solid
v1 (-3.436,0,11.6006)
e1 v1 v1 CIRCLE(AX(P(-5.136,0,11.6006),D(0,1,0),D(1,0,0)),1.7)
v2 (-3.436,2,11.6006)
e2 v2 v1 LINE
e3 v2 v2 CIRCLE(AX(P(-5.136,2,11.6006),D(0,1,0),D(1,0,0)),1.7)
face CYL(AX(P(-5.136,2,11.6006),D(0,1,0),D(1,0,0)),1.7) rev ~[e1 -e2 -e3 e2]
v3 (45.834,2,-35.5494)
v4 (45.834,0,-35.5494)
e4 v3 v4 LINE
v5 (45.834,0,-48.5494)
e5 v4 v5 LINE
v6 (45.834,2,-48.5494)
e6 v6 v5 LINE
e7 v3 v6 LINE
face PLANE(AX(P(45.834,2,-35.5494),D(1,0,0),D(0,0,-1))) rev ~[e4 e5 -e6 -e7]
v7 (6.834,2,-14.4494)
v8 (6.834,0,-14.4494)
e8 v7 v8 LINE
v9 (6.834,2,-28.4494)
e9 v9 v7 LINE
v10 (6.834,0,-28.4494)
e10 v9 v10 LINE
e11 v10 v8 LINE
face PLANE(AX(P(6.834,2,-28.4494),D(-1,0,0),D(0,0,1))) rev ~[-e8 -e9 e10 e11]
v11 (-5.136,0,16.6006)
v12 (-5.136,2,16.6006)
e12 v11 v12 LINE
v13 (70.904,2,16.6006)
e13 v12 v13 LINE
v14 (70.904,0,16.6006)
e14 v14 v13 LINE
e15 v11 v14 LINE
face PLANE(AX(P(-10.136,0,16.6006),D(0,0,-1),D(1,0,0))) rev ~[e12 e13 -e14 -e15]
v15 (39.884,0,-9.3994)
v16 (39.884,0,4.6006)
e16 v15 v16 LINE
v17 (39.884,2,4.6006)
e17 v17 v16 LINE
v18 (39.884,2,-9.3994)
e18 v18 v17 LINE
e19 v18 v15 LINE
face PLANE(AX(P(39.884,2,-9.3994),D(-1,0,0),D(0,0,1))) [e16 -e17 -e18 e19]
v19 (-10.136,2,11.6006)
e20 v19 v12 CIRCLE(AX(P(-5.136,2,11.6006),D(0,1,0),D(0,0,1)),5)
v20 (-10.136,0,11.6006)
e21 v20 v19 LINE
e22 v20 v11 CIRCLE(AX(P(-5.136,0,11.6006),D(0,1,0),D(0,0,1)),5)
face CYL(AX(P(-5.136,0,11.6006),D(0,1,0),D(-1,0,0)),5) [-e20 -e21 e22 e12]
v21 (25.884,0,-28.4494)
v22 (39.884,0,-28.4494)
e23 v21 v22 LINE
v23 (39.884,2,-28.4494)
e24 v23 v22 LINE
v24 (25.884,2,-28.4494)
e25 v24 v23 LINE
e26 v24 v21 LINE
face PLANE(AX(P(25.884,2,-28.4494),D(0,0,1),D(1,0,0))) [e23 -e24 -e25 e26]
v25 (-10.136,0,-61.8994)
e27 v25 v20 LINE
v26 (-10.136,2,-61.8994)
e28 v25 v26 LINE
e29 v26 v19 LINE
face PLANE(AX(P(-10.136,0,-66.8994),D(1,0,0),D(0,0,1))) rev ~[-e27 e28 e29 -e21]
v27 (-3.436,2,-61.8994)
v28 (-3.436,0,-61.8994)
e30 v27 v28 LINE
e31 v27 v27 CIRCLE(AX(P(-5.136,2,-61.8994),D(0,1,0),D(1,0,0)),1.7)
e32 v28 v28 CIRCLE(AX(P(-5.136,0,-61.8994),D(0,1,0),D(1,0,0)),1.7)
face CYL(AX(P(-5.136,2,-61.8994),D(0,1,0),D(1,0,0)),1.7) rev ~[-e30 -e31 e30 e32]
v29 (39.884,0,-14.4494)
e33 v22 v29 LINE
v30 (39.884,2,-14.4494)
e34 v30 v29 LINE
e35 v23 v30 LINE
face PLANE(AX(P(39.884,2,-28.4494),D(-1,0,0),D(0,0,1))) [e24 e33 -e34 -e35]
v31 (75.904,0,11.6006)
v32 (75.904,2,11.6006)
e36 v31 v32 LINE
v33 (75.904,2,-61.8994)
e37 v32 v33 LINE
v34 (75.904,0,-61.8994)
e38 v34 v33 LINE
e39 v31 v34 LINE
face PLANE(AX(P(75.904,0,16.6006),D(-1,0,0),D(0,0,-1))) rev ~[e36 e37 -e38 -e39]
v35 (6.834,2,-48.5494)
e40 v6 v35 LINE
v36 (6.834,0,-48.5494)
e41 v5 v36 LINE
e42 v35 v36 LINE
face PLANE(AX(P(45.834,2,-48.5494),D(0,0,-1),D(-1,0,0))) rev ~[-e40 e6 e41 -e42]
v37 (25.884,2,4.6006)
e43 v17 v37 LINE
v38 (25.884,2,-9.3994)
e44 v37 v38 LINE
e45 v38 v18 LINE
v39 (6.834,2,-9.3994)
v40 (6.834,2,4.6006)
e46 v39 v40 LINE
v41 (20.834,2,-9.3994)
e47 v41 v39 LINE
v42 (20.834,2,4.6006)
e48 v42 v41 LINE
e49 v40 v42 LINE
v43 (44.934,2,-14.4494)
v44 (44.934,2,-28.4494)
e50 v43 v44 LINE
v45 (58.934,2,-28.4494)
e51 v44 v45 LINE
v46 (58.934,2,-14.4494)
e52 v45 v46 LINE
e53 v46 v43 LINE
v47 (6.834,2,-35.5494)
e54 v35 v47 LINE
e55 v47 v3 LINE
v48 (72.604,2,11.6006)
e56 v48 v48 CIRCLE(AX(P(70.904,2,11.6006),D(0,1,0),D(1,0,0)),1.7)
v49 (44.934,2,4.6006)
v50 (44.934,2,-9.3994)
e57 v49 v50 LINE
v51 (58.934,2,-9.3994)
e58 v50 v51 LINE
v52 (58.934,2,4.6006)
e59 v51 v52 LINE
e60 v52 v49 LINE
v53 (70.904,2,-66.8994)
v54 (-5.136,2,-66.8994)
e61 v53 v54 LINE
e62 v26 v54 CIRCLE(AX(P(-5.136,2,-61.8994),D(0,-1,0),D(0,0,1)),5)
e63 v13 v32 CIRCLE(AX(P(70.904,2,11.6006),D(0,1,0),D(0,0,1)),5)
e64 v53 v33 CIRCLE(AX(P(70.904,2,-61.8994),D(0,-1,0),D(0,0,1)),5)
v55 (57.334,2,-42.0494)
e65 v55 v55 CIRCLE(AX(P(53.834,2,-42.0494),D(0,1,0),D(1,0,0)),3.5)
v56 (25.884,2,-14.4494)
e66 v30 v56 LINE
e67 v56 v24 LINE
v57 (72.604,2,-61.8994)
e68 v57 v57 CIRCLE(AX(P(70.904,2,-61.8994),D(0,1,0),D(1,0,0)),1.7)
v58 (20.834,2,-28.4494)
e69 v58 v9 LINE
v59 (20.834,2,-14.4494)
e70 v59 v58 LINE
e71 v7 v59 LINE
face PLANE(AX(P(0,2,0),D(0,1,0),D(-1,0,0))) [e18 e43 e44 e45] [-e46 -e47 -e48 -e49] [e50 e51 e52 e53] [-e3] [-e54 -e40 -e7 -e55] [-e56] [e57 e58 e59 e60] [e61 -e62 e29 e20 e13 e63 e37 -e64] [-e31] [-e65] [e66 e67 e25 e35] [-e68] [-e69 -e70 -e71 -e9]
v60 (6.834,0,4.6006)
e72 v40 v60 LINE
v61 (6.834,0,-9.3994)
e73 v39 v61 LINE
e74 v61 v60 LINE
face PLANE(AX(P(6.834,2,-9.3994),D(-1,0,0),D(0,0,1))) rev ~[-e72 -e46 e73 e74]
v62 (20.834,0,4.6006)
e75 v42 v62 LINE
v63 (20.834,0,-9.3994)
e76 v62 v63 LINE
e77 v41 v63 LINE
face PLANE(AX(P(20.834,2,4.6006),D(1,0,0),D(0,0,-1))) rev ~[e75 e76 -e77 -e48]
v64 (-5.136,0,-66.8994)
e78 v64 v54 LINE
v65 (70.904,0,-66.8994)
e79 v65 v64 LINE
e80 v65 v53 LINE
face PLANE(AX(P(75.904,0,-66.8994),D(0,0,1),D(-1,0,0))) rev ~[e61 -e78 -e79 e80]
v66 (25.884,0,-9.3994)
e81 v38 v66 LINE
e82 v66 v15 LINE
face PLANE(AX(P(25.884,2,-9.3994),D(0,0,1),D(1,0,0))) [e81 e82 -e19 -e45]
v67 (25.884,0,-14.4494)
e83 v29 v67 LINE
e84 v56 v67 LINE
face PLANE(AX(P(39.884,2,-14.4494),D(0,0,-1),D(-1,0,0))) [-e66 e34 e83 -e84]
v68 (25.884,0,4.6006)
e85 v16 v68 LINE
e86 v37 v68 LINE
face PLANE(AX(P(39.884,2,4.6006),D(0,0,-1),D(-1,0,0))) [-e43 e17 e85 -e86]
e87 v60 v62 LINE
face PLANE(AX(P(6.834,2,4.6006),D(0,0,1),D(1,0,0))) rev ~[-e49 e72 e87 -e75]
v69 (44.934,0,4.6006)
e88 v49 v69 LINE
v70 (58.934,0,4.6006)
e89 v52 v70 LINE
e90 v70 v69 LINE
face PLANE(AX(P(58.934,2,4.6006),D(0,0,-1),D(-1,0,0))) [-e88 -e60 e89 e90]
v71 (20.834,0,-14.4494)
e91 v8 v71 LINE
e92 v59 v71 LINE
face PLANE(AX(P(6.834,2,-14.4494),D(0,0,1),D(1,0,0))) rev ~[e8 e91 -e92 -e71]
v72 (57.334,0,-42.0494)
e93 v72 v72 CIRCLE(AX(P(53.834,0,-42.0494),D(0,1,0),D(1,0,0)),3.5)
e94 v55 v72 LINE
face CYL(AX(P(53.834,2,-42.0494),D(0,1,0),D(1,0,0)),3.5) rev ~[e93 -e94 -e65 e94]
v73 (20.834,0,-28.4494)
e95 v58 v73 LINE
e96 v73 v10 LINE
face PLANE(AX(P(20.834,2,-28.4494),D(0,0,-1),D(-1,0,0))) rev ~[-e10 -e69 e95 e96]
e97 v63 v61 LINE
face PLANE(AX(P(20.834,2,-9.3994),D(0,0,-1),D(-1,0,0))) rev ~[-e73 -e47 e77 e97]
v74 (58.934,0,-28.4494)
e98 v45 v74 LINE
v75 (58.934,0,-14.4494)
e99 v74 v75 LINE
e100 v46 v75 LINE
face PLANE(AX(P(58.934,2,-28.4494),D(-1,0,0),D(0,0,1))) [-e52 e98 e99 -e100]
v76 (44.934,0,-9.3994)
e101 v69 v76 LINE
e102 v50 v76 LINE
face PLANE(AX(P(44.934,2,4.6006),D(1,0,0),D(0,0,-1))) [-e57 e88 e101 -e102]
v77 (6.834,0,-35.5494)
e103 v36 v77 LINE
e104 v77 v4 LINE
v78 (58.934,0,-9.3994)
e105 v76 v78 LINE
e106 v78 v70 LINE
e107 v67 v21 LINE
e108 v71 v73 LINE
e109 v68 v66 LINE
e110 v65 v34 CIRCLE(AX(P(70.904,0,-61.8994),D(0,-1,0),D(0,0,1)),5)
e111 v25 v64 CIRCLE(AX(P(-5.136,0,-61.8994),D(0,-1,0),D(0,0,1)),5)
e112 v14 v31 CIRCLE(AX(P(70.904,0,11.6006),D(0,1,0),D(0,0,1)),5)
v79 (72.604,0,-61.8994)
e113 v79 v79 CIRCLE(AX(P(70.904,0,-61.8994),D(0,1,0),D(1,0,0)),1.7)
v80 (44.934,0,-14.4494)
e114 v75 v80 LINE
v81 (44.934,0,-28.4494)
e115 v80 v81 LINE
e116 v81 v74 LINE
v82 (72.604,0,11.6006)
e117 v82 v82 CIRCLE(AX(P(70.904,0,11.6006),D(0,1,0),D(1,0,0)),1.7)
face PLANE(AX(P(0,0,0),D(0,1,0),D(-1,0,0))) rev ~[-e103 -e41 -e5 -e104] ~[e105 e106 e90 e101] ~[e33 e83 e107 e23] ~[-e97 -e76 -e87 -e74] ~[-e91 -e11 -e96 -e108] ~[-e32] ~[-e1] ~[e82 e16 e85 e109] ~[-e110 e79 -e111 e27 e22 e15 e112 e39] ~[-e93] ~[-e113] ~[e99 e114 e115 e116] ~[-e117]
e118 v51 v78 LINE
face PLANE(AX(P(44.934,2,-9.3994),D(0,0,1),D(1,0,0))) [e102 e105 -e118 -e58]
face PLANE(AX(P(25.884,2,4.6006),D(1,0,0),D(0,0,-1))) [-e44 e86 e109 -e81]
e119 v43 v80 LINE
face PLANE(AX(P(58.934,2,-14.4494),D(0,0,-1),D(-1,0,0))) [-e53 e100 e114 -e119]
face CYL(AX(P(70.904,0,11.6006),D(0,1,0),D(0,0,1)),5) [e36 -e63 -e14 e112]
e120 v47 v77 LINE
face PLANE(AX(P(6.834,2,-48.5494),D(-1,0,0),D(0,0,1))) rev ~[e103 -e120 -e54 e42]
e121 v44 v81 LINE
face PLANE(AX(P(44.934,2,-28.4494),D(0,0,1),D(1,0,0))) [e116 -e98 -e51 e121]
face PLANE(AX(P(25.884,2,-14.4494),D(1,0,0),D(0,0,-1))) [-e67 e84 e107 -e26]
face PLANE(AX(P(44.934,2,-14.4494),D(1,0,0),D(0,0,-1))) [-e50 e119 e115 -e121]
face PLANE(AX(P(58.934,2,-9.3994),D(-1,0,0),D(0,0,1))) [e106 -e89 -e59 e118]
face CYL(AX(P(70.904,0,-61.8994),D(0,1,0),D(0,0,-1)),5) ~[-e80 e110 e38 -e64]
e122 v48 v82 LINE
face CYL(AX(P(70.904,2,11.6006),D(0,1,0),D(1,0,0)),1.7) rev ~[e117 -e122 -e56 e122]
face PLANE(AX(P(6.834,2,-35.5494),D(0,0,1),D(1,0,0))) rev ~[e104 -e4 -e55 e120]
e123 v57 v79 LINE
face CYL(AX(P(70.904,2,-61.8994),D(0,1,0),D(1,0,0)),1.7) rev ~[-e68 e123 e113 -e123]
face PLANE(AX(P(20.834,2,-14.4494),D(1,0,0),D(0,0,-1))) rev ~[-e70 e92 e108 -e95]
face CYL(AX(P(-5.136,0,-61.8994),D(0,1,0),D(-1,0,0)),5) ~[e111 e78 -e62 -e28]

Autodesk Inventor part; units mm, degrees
ref_plane "YZ Plane" through (0, 0, 0) normal (1, 0, 0) x (0, 1, 0)
ref_plane "XZ Plane" through (0, 0, 0) normal (0, 1, 0) x (-1, 0, 0)
ref_plane "XY Plane" through (0, 0, 0) normal (0, 0, 1) x (1, 0, 0)
sketch "Sketch1" plane through (0, 0, 0) normal (0, 1, 0) x (-1, 0, 0)
  line L0 (10.136, 16.6006) -> (-75.904, 16.6006)
  line L1 (-75.904, 16.6006) -> (-75.904, -66.8994)
  line L2 (-75.904, -66.8994) -> (10.136, -66.8994)
  line L3 (10.136, -66.8994) -> (10.136, 16.6006)
  point P0 (0, 0)
  dimension "d0" = 86.04
  dimension "d1" = 83.5
extrude "Extrusion1" add sketch "Sketch1" along normal blind 2
sketch "Sketch2" plane through (0, 2, 0) normal (0, 1, 0) x (1, 0, 0)
  circle A0 centre (-5.136, -11.6006) radius 1.7
  line L0 (-10.136, 66.8994) -> (-10.136, -16.6006) projected
  line L1 (-10.136, -16.6006) -> (75.904, -16.6006) projected
  circle A1 centre (70.904, -11.6006) radius 1.7
  line L2 (75.904, -16.6006) -> (75.904, 66.8994) projected
  circle A2 centre (70.904, 61.8994) radius 1.7
  line L3 (75.904, 66.8994) -> (-10.136, 66.8994) projected
  circle A3 centre (-5.136, 61.8994) radius 1.7
  point P0 (0, 0)
  dimension "d4" = 3.4
  dimension "d5" = 5
  dimension "d6" = 5
  dimension "d7" = 3.4
  dimension "d8" = 5
  dimension "d9" = 5
  dimension "d10" = 3.4
  dimension "d11" = 5
  dimension "d12" = 5
  dimension "d13" = 3.4
  dimension "d14" = 5
  dimension "d15" = 5
extrude "Extrusion2" cut sketch "Sketch2" against normal blind 2 contours A0 | A1 | A2 | A3
sketch "Sketch3" plane through (0, 2, 0) normal (0, 1, 0) x (1, 0, 0)
  line L0 (6.834, -4.6006) -> (20.834, -4.6006)
  line L1 (20.834, -4.6006) -> (20.834, 9.3994)
  line L2 (20.834, 9.3994) -> (6.834, 9.3994)
  line L3 (6.834, 9.3994) -> (6.834, -4.6006)
  line L4 (25.884, 9.3994) -> (39.884, 9.3994)
  line L5 (39.884, 9.3994) -> (39.884, -4.6006)
  line L6 (39.884, -4.6006) -> (25.884, -4.6006)
  line L7 (25.884, -4.6006) -> (25.884, 9.3994)
  line L8 (44.934, 9.3994) -> (58.934, 9.3994)
  line L9 (58.934, 9.3994) -> (58.934, -4.6006)
  line L10 (58.934, -4.6006) -> (44.934, -4.6006)
  line L11 (44.934, -4.6006) -> (44.934, 9.3994)
  line L12 (6.834, 14.4494) -> (20.834, 14.4494)
  line L13 (20.834, 14.4494) -> (20.834, 28.4494)
  line L14 (20.834, 28.4494) -> (6.834, 28.4494)
  line L15 (6.834, 28.4494) -> (6.834, 14.4494)
  line L16 (25.884, 28.4494) -> (39.884, 28.4494)
  line L17 (39.884, 28.4494) -> (39.884, 14.4494)
  line L18 (39.884, 14.4494) -> (25.884, 14.4494)
  line L19 (25.884, 14.4494) -> (25.884, 28.4494)
  line L20 (44.934, 28.4494) -> (58.934, 28.4494)
  line L21 (58.934, 28.4494) -> (58.934, 14.4494)
  line L22 (58.934, 14.4494) -> (44.934, 14.4494)
  line L23 (44.934, 14.4494) -> (44.934, 28.4494)
  line L24 (-10.136, 66.8994) -> (-10.136, -16.6006) projected
  line L25 (-10.136, -16.6006) -> (75.904, -16.6006) projected
  line L26 (6.834, 35.5494) -> (45.834, 35.5494)
  line L27 (45.834, 35.5494) -> (45.834, 48.5494)
  line L28 (45.834, 48.5494) -> (6.834, 48.5494)
  line L29 (6.834, 48.5494) -> (6.834, 35.5494)
  circle A0 centre (53.834, 42.0494) radius 3.5
  point P0 (0, 0)
  point P1 (25.884, 21.4494)
  point P2 (20.834, 21.4494)
  point P3 (6.834, 21.4494)
  point P4 (32.884, 9.3994)
  point P5 (32.884, 14.4494)
  point P6 (32.884, -16.6006)
  point P7 (51.934, -4.6006)
  point P8 (13.834, 28.4494)
  point P9 (45.834, 42.0494)
  dimension "d18" = 14
  dimension "d19" = 14
  dimension "d20" = 14
  dimension "d21" = 5.05
  dimension "d22" = 14
  dimension "d23" = 5.05
  dimension "d24" = 14
  dimension "d25" = 14
  dimension "d26" = 5.05
  dimension "d27" = 14
  dimension "d28" = 14
  dimension "d29" = 14
  dimension "d30" = 14
  dimension "d31" = 5.05
  dimension "d32" = 5.05
  dimension "d33" = 5.05
  dimension "d34" = 16.97
  dimension "d35" = 5.05
  dimension "d39" = 12
  dimension "d40" = 12
  dimension "d41" = 12
  dimension "d42" = 39
  dimension "d43" = 13
  dimension "d44" = 7.1
  dimension "d45" = 7
  dimension "d46" = 8
extrude "Extrusion3" cut sketch "Sketch3" against normal blind 2
fillet "Fillet1" radius 5 4 edges at (-10.136, 1, 16.6006) (75.904, 1, 16.6006) (75.904, 1, -66.8994) (-10.136, 1, -66.8994)
properties part number "Case_Top"
